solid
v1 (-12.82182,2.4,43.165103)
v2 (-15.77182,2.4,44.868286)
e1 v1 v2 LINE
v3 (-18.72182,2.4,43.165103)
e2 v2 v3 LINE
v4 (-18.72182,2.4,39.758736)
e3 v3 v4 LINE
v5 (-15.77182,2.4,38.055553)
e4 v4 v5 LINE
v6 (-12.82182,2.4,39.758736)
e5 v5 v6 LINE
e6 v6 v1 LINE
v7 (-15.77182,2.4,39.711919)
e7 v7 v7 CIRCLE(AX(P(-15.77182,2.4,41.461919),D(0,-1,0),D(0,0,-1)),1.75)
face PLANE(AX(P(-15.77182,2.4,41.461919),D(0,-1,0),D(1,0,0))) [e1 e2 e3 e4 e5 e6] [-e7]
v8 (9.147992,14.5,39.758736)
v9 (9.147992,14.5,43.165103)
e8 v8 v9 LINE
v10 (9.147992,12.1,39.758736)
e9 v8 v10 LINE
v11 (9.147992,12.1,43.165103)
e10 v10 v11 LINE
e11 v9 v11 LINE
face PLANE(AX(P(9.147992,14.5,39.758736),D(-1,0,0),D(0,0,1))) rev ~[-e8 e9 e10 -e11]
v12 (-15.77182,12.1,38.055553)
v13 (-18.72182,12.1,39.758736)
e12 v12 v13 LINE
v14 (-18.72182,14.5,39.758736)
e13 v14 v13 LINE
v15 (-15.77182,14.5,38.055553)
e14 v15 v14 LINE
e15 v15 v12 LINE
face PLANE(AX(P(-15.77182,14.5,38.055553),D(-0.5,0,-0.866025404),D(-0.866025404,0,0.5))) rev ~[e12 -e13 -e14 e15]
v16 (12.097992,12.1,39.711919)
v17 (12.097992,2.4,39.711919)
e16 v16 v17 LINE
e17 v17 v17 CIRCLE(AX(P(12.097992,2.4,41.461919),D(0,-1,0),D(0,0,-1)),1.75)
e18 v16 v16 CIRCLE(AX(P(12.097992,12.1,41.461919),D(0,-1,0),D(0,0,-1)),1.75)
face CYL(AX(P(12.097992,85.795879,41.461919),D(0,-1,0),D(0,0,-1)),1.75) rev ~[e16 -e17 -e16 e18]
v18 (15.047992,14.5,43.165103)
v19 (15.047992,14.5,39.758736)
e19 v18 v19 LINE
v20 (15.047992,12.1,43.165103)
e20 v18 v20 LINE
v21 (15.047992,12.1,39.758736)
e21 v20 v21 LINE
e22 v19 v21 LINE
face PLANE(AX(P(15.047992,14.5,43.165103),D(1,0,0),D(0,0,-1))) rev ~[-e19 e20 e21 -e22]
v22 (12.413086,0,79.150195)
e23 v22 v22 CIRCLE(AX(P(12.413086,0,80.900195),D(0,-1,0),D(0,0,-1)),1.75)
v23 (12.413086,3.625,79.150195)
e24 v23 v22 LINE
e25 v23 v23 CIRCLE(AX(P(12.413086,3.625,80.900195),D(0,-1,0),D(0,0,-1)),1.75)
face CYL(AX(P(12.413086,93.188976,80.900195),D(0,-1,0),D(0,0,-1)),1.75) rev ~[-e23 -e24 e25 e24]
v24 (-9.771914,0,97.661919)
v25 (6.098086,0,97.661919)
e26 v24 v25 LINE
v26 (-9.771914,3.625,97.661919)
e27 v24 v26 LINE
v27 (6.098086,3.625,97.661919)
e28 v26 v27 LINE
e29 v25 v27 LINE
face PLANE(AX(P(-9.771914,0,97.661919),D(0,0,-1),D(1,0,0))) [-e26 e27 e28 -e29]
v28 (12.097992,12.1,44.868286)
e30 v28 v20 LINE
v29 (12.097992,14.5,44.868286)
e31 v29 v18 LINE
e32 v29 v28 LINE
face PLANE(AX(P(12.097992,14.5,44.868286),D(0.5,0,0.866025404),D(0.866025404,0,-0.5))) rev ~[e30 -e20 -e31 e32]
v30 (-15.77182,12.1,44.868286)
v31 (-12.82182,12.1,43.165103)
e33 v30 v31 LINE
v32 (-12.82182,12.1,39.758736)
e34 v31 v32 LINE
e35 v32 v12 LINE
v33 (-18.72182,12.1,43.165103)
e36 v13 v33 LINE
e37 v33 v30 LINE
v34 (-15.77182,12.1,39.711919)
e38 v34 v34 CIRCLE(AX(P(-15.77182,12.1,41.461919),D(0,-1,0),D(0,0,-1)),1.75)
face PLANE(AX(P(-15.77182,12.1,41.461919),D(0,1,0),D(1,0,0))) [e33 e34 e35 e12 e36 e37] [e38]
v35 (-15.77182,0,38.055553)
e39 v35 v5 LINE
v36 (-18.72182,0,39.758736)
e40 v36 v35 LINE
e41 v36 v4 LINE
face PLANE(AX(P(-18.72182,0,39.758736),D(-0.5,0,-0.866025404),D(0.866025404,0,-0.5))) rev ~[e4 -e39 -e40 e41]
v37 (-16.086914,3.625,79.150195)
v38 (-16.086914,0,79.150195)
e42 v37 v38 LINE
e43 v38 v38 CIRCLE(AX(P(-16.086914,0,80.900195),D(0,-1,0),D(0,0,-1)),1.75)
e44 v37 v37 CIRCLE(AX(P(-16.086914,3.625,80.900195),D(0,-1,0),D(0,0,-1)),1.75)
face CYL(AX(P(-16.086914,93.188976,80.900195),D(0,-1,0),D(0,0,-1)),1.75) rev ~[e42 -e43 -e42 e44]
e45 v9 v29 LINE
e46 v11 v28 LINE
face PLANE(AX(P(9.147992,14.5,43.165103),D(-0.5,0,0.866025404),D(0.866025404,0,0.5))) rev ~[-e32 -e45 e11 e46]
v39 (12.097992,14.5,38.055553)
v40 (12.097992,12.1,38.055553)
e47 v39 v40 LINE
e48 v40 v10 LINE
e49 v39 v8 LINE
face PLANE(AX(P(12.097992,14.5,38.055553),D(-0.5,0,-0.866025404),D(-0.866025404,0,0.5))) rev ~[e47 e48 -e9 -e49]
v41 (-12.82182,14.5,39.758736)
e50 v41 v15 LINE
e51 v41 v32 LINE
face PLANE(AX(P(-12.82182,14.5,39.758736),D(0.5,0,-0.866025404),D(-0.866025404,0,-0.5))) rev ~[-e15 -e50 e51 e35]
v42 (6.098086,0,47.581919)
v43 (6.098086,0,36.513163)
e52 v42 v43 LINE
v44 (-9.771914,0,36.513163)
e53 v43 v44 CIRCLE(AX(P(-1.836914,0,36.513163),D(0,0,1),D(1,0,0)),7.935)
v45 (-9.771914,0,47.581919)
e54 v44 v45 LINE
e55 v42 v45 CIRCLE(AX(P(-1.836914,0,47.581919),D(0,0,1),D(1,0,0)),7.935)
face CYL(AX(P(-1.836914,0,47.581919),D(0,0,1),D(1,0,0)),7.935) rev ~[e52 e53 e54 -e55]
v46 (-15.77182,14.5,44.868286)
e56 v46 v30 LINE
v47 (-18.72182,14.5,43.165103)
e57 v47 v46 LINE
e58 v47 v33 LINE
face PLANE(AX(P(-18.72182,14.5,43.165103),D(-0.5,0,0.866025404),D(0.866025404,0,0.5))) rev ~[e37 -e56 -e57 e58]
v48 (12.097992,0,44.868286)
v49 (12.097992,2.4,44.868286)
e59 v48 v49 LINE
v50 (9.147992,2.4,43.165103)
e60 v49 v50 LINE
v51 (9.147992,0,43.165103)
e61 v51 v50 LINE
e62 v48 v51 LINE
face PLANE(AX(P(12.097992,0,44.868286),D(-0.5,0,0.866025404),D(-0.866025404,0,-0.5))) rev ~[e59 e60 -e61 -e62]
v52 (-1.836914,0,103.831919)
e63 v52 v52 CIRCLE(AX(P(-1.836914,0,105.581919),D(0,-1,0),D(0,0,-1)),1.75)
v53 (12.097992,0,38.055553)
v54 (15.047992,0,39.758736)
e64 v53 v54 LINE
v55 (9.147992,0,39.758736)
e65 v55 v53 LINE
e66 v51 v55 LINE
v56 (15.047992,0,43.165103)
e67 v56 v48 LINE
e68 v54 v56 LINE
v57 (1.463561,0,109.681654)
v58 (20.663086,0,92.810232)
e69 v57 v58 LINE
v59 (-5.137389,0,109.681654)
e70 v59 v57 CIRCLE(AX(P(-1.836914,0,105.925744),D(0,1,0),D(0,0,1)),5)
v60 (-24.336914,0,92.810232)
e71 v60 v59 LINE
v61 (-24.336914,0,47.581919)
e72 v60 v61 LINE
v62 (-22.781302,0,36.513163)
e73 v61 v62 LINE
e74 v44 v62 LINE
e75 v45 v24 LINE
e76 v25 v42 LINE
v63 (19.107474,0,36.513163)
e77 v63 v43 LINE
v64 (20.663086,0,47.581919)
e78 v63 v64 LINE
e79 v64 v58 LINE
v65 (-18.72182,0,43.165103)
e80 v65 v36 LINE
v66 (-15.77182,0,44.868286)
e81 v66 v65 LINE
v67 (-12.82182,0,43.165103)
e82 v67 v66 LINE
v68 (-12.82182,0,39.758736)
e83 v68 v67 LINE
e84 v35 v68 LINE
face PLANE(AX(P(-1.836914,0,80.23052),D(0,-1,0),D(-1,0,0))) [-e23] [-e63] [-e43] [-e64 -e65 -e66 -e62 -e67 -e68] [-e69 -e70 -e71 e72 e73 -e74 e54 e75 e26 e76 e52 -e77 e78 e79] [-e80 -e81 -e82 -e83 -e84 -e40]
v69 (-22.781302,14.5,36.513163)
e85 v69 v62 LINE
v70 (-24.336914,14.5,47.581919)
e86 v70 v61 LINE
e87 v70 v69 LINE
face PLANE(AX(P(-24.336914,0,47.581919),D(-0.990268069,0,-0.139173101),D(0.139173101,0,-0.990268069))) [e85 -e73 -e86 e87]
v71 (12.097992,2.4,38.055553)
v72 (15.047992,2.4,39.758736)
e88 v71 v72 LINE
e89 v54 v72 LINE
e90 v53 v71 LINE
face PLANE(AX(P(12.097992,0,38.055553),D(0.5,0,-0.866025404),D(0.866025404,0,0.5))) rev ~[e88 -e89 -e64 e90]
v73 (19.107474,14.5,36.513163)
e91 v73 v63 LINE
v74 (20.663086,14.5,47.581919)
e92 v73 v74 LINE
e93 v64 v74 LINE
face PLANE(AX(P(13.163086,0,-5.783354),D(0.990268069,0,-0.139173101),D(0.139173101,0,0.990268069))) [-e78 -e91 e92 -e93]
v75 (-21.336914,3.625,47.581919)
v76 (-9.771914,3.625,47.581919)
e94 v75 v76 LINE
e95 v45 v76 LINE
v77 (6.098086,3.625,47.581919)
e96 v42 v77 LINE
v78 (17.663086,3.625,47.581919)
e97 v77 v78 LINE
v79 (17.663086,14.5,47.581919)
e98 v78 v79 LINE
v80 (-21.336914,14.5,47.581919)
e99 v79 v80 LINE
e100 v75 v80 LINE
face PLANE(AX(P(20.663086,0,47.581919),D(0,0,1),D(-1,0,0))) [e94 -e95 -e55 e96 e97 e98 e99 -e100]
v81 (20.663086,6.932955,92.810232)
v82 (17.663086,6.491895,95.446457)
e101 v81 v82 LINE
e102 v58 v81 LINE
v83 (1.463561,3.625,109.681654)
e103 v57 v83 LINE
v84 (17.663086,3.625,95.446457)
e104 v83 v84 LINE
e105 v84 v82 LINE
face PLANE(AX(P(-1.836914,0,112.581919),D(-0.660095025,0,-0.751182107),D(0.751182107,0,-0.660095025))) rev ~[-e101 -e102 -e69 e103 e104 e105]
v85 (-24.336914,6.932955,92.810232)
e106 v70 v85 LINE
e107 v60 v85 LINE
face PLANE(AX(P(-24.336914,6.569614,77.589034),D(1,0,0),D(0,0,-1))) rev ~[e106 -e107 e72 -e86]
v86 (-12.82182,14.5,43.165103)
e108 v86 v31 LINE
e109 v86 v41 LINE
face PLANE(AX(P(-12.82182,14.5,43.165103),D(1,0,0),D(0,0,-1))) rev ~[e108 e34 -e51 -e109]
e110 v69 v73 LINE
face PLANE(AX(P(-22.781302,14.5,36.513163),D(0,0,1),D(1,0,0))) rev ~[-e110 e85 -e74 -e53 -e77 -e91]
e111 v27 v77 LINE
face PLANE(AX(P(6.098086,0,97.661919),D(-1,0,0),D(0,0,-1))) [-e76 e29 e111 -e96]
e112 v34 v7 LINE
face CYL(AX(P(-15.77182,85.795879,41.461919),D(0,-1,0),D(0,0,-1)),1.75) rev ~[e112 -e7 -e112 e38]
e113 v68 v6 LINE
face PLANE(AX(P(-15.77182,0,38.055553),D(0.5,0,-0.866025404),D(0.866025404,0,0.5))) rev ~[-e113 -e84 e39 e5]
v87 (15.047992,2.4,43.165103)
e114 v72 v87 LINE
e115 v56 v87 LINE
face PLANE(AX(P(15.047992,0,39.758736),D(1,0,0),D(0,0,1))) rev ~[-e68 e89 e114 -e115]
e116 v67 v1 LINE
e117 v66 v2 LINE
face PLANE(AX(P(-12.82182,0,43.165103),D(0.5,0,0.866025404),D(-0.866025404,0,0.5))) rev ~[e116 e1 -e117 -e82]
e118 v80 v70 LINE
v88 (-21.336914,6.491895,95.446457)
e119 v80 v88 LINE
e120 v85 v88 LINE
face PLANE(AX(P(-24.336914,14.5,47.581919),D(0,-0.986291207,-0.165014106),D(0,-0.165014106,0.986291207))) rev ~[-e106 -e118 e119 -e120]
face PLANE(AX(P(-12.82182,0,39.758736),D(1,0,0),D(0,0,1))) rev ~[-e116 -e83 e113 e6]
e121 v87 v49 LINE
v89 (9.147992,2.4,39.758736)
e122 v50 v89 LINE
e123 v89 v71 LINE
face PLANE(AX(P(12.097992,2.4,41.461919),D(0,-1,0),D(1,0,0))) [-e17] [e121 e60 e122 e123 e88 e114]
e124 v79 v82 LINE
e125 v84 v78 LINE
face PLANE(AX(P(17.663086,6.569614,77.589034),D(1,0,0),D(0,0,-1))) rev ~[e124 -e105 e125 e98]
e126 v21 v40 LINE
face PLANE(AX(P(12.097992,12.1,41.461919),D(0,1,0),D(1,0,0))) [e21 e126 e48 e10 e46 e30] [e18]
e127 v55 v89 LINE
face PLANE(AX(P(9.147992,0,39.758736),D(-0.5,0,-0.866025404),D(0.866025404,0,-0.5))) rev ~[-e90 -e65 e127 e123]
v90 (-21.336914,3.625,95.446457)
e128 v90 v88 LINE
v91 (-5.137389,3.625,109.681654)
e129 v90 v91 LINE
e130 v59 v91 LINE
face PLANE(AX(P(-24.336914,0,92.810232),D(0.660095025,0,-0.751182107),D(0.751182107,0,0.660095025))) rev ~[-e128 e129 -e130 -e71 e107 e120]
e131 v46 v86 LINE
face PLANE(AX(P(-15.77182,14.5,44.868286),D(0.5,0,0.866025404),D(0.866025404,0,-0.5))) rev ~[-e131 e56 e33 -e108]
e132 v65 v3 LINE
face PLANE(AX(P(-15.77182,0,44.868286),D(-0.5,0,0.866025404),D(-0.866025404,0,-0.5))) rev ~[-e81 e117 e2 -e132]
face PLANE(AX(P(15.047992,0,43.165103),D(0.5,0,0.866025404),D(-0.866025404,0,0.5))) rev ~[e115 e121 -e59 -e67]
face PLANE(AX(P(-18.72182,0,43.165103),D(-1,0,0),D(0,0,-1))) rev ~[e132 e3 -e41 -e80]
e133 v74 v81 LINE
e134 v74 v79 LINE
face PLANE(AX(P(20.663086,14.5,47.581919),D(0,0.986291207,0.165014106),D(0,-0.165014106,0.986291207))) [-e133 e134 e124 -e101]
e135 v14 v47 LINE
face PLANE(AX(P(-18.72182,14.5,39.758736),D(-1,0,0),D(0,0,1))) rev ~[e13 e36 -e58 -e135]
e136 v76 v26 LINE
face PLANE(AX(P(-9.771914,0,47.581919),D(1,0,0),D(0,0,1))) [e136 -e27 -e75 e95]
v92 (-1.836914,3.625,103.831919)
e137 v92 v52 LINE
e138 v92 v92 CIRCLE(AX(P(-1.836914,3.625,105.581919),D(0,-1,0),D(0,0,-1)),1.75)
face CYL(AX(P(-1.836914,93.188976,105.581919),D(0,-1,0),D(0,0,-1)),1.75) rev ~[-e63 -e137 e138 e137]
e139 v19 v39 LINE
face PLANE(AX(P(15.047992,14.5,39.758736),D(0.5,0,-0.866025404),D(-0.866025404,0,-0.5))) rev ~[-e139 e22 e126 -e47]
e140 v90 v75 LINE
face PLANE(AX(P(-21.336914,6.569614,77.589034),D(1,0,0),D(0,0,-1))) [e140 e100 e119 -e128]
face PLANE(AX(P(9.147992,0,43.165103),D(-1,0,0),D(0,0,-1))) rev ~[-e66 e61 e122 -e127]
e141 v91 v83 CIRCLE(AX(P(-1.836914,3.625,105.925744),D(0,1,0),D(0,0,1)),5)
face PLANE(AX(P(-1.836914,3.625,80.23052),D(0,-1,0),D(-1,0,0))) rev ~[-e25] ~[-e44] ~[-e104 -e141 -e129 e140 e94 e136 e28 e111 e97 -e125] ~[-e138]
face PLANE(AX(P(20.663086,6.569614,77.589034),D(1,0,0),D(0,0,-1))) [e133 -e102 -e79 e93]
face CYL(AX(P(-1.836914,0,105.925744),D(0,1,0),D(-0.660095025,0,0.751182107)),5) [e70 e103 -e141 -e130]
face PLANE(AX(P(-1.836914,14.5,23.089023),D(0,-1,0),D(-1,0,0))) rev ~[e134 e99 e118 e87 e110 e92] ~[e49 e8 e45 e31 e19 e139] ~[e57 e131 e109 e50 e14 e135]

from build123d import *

# Parameters (mm, degrees)
BOSS_EXTRUDE3_DEPTH              = 14.5
SKETCH8_R                        = 7.935
CUT_EXTRUDE3_DEPTH               = 88
CUT_EXTRUDE9_DEPTH               = 2.4
F_39_0_13779528_DIAMETER_HOLE1_D = 3.500000112
CUT_EXTRUDE10_DEPTH              = 22.4
CUT_EXTRUDE11_DEPTH              = 2.4
BOSS_EXTRUDE7_DEPTH              = 3.625
F_39_0_13779528_DIAMETER_HOLE2_D = 3.500000112
BOSS_EXTRUDE10_DEPTH             = 3
BOSS_EXTRUDE11_DEPTH             = 3
CUT_EXTRUDE14_DEPTH              = 13
CUT_EXTRUDE15_DEPTH              = 13
FILLET1_R                        = 5


with BuildPart() as part:
    # Sketch6 → Boss-Extrude3 (new body)
    with BuildSketch(Plane(origin=(0, 0, 0), x_dir=(1, 0, 0), z_dir=(0, 1, 0))):
        Polygon((-16.836914056, 5.783353512), (13.163085944, 5.783353512), (20.663085944, -47.581919406), (-24.336914056, -47.581919406), align=None)
    extrude(amount=BOSS_EXTRUDE3_DEPTH)

    # Sketch8 → Cut-Extrude3 (cut)
    with BuildSketch(Plane.XY.offset(47.581919406)):
        with Locations((-1.836914056, 0)):
            Circle(SKETCH8_R)
    extrude(amount=-CUT_EXTRUDE3_DEPTH, mode=Mode.SUBTRACT)

    # Sketch18 → Cut-Extrude9 (cut)
    with BuildSketch(Plane(origin=(0, 14.5, 0), x_dir=(1, 0, 0), z_dir=(0, 1, 0))):
        Polygon((-15.771819769, -44.868285994), (-12.821819769, -43.1651027), (-12.821819769, -39.758736112), (-15.771819769, -38.055552818), (-18.721819769, -39.758736112), (-18.721819769, -43.1651027), align=None)
        Polygon((12.097991657, -44.868285994), (15.047991657, -43.1651027), (15.047991657, -39.758736112), (12.097991657, -38.055552818), (9.147991657, -39.758736112), (9.147991657, -43.1651027), align=None)
        Polygon((11.389331688, -26.016021021), (14.389331688, -24.283970214), (14.389331688, -20.819868599), (11.389331688, -19.087817791), (8.389331688, -20.819868599), (8.389331688, -24.283970214), align=None)
        Polygon((-15.0631598, -26.016021021), (-12.0631598, -24.283970214), (-12.0631598, -20.819868599), (-15.0631598, -19.087817791), (-18.0631598, -20.819868599), (-18.0631598, -24.283970214), align=None)
    extrude(amount=-CUT_EXTRUDE9_DEPTH, mode=Mode.SUBTRACT)

    # #39 (0.13779528) Diameter Hole1 (through all)
    with Locations(Plane(origin=(-15.0631598, 14.5, 22.551919406), x_dir=(0, 0, 1), z_dir=(0, 1, 0))):
        with Locations((0, 0), (0, 26.452491488), (18.91, -0.708659969), (18.91, 27.161151457)):
            Hole(F_39_0_13779528_DIAMETER_HOLE1_D / 2)

    # Sketch22 → Cut-Extrude10 (cut)
    with BuildSketch(Plane(origin=(0, 14.5, 0), x_dir=(1, 0, 0), z_dir=(0, 1, 0))):
        Polygon((-22.781301734, -36.51316259), (19.107473622, -36.51316259), (13.163085944, 5.783353512), (-16.836914056, 5.783353512), align=None)
    extrude(amount=-CUT_EXTRUDE10_DEPTH, mode=Mode.SUBTRACT)

    # Sketch24 → Cut-Extrude11 (cut)
    with BuildSketch(Plane.XZ):
        Polygon((-15.771819769, 38.055552818), (-12.821819769, 39.758736112), (-12.821819769, 43.1651027), (-15.771819769, 44.868285994), (-18.721819769, 43.1651027), (-18.721819769, 39.758736112), align=None)
        Polygon((12.097991657, 38.055552818), (15.047991657, 39.758736112), (15.047991657, 43.1651027), (12.097991657, 44.868285994), (9.147991657, 43.1651027), (9.147991657, 39.758736112), align=None)
    extrude(amount=-CUT_EXTRUDE11_DEPTH, mode=Mode.SUBTRACT)

    # Sketch27 → Boss-Extrude7 (add)
    with BuildSketch(Plane(origin=(0, 0, 0), x_dir=(1, 0, 0), z_dir=(0, 1, 0))):
        Polygon((6.098085944, -47.581919406), (20.663085944, -47.581919406), (20.663085944, -112.581919406), (-9.771914056, -112.581919406), (-24.336914056, -112.581919406), (-24.336914056, -47.581919406), (-9.771914056, -47.581919406), (-9.771914056, -97.661919406), (6.098085944, -97.661919406), align=None)
    extrude(amount=BOSS_EXTRUDE7_DEPTH)

    # #39 (0.13779528) Diameter Hole2 (through all)
    with Locations(Plane(origin=(-16.086914056, 3.625, 80.900195398), x_dir=(0, 0, 1), z_dir=(0, 1, 0))):
        with Locations((0, 0), (24.681724008, 14.25), (0, 28.5)):
            Hole(F_39_0_13779528_DIAMETER_HOLE2_D / 2)

    # Sketch39 → Boss-Extrude10 (add)
    with BuildSketch(Plane(origin=(20.663085944, 0, 0), x_dir=(0, 0, -1), z_dir=(1, 0, 0))):
        Polygon((-47.581919406, 14.5), (-112.581919406, 3.625), (-47.581919406, 3.625), align=None)
    extrude(amount=-BOSS_EXTRUDE10_DEPTH)

    # Sketch40 → Boss-Extrude11 (add)
    with BuildSketch(Plane.ZY.offset(24.336914056)):
        Polygon((47.581919406, 14.5), (112.581919406, 3.625), (47.581919406, 3.625), align=None)
    extrude(amount=-BOSS_EXTRUDE11_DEPTH)

    # Sketch43 → Cut-Extrude14 (cut)
    with BuildSketch(Plane.XZ):
        Polygon((-1.836914056, 112.581919406), (-24.336914056, 112.581919406), (-24.336914056, 92.810231668), align=None)
    extrude(amount=-CUT_EXTRUDE14_DEPTH, mode=Mode.SUBTRACT)

    # Sketch44 → Cut-Extrude15 (cut)
    with BuildSketch(Plane.XZ):
        Polygon((20.663085944, 92.810231668), (20.663085944, 112.581919406), (-1.836914056, 112.581919406), align=None)
    extrude(amount=-CUT_EXTRUDE15_DEPTH, mode=Mode.SUBTRACT)

    # Fillet1
    fillet1_edges = [part.edges().sort_by_distance(p)[0] for p in [
        (-1.836914056, 1.8125, 112.581919406),
    ]]
    fillet(fillet1_edges, radius=FILLET1_R)


solid = part.part
